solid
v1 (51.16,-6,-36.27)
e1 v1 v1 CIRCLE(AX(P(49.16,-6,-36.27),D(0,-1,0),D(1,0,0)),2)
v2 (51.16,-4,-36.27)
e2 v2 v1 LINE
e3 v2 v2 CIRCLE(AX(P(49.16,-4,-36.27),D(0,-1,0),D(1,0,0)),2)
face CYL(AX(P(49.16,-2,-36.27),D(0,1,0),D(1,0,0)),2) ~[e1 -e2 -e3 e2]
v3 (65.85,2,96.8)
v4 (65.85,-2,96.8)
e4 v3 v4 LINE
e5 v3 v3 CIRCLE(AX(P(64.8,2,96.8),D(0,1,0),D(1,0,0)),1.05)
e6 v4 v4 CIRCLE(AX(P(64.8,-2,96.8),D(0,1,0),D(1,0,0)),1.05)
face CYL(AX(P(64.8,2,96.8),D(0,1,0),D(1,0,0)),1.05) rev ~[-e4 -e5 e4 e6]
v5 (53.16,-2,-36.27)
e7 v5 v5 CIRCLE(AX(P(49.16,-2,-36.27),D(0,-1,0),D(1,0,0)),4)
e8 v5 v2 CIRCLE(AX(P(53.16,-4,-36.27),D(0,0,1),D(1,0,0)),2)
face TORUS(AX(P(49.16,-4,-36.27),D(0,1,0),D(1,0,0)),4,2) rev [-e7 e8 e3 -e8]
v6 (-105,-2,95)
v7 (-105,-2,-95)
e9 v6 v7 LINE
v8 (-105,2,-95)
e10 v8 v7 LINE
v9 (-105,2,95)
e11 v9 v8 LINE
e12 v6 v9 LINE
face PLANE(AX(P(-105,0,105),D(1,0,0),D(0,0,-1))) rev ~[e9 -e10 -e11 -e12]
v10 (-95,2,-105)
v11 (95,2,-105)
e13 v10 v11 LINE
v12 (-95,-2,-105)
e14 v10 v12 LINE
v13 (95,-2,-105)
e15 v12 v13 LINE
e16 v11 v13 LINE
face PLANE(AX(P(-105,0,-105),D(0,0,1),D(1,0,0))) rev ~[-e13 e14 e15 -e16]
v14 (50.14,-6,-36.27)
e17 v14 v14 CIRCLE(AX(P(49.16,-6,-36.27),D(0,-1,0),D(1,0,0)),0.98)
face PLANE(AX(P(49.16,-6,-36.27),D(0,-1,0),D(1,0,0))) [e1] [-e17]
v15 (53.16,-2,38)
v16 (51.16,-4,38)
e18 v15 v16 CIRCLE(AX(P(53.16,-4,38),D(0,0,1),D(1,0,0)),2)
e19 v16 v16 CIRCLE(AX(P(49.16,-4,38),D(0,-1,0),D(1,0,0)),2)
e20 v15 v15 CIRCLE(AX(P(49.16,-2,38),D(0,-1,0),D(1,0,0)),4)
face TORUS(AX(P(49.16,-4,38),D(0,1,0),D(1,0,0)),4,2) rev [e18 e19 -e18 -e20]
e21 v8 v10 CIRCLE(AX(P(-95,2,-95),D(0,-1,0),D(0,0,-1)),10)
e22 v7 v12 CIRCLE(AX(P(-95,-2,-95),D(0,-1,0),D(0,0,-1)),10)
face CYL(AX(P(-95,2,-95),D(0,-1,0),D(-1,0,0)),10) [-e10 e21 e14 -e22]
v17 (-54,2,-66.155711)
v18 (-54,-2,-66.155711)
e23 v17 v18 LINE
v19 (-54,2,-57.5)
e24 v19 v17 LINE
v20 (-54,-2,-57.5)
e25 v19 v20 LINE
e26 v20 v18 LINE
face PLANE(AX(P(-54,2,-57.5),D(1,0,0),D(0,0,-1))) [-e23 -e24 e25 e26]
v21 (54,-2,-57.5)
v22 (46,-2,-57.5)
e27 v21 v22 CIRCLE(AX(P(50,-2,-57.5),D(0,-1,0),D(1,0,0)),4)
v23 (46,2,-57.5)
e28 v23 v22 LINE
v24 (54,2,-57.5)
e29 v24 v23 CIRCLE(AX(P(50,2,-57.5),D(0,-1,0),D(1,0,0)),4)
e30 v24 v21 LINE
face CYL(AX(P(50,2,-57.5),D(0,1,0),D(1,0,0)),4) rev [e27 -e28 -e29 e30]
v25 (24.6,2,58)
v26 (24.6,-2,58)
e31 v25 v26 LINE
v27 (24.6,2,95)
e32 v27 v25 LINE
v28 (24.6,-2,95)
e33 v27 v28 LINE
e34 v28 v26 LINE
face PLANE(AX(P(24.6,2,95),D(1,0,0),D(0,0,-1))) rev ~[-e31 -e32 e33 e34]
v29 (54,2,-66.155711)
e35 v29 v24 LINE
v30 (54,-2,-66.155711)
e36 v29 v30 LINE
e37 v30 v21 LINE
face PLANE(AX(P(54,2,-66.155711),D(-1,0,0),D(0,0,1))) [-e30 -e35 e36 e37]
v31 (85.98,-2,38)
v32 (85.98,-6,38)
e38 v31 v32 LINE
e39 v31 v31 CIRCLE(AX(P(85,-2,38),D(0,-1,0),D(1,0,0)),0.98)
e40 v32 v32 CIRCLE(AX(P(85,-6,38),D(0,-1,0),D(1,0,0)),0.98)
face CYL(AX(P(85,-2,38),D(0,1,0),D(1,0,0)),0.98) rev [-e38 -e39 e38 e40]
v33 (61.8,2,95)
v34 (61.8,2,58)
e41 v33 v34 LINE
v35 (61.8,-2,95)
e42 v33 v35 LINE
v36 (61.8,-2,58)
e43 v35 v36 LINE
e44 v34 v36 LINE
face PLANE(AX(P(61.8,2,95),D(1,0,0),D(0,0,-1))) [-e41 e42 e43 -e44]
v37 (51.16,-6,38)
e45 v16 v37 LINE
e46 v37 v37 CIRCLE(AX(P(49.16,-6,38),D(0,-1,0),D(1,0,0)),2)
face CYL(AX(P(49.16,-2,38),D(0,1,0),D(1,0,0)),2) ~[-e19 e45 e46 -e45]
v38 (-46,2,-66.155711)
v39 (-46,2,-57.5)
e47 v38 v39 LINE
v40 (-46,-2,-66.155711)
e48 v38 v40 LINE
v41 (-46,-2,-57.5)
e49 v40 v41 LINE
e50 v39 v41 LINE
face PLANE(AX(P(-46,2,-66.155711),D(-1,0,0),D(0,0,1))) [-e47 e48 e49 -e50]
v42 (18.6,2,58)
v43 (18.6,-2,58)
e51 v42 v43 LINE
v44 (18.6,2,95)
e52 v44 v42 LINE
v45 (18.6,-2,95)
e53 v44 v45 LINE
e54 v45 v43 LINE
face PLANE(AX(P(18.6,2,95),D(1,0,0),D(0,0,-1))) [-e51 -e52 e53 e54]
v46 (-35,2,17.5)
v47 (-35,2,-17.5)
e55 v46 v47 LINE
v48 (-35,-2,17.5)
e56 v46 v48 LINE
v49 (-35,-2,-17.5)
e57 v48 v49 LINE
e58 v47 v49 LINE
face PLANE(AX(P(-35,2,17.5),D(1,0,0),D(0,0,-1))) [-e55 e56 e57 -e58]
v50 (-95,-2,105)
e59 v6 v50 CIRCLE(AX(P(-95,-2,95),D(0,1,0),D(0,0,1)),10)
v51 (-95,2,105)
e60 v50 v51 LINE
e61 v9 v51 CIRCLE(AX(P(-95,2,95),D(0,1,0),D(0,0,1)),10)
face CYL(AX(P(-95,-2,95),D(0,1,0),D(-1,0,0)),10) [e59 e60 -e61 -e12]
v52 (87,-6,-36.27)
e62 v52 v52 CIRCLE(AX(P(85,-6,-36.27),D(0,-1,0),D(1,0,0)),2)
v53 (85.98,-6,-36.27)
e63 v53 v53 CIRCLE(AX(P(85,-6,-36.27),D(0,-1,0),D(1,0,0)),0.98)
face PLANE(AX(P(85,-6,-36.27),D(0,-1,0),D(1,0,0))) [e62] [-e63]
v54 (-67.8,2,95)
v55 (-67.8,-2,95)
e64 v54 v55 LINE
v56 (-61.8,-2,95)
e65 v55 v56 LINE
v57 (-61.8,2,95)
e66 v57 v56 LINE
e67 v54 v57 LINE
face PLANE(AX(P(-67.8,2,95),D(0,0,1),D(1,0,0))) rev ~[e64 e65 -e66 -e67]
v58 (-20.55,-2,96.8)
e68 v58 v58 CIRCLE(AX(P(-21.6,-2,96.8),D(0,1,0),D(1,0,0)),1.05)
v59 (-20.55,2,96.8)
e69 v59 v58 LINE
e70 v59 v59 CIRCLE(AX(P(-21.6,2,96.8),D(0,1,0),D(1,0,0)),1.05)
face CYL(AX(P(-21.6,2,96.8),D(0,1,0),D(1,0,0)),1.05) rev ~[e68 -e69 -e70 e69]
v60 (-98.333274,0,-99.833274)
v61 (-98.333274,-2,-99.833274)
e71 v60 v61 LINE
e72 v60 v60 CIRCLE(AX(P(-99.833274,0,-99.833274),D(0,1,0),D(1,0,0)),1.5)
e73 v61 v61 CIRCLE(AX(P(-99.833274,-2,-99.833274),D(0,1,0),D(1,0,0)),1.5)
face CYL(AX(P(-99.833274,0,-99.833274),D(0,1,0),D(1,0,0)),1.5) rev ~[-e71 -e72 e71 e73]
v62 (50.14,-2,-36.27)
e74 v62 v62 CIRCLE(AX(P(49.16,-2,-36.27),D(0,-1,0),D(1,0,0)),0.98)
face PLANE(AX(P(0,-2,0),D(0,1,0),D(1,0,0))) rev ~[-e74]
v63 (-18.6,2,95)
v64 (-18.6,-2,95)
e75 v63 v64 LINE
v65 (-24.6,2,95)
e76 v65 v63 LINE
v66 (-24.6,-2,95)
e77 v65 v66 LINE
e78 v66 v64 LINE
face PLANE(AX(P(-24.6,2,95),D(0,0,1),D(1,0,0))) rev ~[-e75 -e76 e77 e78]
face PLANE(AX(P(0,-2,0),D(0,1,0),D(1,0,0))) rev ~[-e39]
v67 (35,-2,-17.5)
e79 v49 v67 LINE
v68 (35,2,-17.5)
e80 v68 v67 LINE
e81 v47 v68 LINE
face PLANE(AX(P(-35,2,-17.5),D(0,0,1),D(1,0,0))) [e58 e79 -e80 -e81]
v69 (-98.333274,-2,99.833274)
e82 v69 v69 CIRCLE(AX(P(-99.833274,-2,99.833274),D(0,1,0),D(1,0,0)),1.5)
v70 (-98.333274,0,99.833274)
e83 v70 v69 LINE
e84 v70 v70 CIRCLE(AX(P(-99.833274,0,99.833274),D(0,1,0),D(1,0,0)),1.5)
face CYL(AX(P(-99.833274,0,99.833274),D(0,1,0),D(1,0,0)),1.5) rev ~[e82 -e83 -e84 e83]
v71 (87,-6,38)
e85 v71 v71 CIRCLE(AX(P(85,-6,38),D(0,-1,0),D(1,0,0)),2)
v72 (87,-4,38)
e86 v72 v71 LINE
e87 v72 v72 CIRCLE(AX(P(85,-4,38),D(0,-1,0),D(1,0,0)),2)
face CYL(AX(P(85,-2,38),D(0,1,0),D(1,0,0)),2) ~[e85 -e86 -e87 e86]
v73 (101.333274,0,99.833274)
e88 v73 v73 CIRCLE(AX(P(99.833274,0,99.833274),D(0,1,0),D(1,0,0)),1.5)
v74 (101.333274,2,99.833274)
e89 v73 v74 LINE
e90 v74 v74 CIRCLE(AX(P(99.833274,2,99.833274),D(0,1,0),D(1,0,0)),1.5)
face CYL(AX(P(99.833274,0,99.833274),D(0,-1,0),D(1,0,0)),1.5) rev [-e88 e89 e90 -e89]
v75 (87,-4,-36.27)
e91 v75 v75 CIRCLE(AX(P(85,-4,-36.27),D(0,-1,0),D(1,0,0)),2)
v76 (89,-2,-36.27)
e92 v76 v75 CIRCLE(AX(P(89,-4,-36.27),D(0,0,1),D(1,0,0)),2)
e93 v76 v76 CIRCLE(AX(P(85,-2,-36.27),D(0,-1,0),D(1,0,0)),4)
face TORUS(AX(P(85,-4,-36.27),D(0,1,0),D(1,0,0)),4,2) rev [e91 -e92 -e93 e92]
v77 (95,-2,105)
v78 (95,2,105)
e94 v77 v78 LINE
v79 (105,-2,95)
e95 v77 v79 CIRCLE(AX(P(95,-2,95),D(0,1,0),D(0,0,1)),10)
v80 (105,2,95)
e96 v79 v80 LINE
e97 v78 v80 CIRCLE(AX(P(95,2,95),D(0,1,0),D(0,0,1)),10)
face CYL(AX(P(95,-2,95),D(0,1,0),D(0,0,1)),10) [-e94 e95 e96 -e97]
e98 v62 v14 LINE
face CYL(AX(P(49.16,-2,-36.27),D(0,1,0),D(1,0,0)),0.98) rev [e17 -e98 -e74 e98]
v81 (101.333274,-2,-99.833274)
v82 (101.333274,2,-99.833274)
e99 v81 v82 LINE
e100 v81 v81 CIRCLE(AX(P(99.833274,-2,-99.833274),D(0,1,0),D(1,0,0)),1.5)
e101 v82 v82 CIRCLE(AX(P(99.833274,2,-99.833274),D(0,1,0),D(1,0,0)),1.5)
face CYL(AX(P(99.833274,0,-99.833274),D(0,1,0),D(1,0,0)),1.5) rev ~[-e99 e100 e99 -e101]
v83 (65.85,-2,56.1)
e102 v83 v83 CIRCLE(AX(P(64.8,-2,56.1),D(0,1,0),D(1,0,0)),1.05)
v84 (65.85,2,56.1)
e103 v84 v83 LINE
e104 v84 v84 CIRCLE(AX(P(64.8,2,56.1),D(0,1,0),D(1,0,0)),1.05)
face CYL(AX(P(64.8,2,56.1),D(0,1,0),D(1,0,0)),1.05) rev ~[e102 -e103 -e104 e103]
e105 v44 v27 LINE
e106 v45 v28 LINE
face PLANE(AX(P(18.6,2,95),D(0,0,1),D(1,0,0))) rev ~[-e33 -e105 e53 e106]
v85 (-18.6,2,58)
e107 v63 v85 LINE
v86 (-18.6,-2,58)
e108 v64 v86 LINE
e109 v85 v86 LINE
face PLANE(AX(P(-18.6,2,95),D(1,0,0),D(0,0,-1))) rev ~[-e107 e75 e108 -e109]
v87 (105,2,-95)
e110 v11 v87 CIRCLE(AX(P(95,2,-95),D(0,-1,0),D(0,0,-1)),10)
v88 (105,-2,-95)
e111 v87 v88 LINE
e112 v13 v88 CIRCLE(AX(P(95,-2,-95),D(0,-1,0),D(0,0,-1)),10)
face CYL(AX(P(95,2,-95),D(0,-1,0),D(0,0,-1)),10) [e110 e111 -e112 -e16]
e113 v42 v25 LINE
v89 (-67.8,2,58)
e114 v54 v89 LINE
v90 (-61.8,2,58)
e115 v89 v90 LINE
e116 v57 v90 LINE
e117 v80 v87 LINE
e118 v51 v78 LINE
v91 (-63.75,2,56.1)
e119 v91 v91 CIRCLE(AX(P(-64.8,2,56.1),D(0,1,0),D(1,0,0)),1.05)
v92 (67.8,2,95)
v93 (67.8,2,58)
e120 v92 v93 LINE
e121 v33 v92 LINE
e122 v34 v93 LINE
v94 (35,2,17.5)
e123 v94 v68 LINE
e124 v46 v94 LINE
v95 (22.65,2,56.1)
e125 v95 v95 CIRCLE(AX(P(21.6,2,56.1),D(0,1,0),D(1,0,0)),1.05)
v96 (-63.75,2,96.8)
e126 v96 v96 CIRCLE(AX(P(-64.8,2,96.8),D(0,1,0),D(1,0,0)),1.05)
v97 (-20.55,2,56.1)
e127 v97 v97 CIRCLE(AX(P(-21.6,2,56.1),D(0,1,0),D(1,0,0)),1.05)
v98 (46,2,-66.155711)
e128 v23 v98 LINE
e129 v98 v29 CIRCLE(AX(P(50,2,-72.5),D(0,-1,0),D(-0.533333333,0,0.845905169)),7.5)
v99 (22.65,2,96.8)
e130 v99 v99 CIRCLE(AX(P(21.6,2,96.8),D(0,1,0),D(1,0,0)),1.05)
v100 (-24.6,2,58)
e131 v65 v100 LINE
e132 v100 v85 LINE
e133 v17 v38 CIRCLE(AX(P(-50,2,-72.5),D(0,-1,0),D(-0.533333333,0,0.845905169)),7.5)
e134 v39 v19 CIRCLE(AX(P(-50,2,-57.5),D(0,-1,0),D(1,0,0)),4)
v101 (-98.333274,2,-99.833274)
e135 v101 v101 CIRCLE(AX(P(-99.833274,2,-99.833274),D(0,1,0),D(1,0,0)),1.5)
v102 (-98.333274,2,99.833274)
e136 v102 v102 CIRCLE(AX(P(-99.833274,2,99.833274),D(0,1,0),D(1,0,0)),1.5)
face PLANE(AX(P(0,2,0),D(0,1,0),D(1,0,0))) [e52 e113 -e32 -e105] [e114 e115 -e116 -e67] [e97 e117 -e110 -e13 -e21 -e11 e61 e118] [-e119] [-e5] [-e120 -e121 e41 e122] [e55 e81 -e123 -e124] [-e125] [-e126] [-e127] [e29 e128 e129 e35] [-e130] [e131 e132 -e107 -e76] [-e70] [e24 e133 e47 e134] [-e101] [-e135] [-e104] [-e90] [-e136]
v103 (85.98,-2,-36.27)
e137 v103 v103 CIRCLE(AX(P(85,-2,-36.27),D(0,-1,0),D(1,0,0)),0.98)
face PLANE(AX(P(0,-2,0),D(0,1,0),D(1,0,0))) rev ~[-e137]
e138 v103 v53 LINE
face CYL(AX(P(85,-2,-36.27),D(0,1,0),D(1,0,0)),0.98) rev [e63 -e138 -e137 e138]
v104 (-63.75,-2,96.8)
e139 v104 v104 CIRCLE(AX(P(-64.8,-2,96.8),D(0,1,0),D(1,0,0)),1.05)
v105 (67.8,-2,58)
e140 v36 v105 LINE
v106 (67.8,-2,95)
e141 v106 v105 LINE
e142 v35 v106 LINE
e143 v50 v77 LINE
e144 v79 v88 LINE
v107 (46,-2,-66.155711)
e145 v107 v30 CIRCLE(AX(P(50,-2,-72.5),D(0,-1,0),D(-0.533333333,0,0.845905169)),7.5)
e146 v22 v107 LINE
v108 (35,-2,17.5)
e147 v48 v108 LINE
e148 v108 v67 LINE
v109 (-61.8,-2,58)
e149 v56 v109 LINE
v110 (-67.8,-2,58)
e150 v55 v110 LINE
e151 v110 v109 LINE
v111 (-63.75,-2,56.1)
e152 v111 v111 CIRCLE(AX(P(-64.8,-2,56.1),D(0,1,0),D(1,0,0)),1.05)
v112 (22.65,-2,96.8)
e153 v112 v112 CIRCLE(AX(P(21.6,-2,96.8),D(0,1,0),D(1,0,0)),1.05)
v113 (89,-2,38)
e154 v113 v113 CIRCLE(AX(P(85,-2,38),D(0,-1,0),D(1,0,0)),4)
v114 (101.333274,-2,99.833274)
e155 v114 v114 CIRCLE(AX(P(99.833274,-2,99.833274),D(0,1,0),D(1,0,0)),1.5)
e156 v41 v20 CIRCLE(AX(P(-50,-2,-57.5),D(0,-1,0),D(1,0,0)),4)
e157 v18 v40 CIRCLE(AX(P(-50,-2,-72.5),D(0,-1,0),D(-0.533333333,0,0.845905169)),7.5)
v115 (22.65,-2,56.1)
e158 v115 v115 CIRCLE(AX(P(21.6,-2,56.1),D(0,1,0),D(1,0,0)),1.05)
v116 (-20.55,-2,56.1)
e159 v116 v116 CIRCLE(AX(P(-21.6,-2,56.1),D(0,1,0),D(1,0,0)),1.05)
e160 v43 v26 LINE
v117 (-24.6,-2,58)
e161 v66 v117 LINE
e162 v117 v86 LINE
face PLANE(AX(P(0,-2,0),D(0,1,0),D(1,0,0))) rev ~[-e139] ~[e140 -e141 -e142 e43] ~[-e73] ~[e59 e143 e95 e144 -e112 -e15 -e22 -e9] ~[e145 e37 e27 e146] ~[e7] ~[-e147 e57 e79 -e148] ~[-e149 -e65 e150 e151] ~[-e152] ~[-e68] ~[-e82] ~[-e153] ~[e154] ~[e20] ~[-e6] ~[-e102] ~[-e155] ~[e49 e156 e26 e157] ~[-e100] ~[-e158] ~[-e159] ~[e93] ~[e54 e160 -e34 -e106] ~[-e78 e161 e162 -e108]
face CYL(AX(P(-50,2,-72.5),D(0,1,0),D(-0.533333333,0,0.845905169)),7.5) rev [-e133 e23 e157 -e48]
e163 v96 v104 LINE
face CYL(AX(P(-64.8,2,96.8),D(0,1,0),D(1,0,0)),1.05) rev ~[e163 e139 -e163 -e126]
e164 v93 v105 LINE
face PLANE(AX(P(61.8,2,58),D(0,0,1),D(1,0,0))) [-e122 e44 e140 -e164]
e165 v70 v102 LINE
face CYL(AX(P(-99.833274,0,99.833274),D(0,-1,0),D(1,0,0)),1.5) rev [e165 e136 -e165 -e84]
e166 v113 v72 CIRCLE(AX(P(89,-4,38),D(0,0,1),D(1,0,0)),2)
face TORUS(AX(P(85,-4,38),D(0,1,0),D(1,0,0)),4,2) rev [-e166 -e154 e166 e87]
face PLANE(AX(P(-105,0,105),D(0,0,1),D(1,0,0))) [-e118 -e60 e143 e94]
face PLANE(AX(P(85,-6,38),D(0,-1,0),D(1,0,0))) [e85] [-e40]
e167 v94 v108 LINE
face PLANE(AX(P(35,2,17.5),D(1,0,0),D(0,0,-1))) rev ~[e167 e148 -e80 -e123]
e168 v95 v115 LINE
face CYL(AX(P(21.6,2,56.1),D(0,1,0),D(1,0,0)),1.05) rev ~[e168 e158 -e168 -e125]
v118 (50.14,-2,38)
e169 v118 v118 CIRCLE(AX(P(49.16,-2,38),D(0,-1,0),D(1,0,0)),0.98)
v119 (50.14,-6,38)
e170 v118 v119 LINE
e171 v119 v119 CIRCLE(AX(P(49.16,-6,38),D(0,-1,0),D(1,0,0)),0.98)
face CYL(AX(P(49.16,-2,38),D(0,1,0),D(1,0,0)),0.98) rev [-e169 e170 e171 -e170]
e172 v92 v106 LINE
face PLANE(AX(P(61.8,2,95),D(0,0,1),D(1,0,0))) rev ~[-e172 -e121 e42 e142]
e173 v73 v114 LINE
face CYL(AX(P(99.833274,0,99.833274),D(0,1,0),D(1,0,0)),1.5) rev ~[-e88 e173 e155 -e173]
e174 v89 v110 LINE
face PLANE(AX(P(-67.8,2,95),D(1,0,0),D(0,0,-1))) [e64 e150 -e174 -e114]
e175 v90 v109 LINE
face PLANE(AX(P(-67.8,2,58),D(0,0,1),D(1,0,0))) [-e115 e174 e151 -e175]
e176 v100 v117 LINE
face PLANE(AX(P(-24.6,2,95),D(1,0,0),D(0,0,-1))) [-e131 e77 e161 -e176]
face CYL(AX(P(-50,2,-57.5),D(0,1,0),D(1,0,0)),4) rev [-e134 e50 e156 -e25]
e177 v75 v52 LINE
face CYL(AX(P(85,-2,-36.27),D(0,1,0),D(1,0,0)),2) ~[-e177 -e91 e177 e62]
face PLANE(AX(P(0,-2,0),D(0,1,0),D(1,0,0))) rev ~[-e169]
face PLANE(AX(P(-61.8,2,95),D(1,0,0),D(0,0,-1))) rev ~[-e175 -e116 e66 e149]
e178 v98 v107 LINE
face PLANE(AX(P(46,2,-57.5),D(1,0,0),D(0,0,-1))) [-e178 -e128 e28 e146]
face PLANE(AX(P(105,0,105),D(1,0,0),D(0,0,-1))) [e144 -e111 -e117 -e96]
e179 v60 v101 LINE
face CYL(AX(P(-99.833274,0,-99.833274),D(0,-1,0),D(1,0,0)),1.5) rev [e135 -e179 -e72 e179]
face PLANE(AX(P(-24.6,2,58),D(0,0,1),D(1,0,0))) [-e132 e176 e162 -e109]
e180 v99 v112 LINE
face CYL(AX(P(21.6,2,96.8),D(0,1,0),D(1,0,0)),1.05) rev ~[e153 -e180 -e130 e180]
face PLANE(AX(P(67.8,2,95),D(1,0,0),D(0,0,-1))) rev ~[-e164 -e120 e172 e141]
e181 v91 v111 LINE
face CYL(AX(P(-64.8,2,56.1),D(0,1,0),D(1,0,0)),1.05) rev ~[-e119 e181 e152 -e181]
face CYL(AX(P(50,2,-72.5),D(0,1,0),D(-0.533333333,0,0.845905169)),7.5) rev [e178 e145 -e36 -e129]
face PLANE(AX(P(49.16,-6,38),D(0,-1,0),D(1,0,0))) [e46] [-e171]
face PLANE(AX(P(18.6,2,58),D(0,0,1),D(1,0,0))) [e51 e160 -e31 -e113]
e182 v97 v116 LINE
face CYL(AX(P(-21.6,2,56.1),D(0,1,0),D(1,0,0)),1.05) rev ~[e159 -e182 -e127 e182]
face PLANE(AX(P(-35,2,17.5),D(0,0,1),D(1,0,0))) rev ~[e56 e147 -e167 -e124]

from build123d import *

# Parameters (mm, degrees)
SKETCH1_W              = 210
SKETCH1_H              = 210
MAINEXTRUDE_DEPTH      = 2
SKETCH1_6_R            = 1.5
SCREWHOLES_DEPTH       = 2
ROUNDEDCORNERS_R       = 10
SKETCH2_R              = 1.05
SKETCH2_W              = 6
SKETCH2_H              = 37
SKETCH2_W_2            = 70
SKETCH2_H_2            = 35
KNOTCHES_SLIDERS_DEPTH = 4
SKETCH6_R              = 2
SKETCH6_R_2            = 0.98
PCBHOLES_DEPTH         = 4
PCBROUNDS_R            = 2


with BuildPart() as part:
    # Sketch1 → MainExtrude (new body, symmetric)
    with BuildSketch(Plane(origin=(0, 0, 0), x_dir=(1, 0, 0), z_dir=(0, 1, 0))):
        Rectangle(SKETCH1_W, SKETCH1_H)
    extrude(amount=MAINEXTRUDE_DEPTH, both=True)

    # Sketch1<6> → ScrewHoles (cut, symmetric)
    with BuildSketch(Plane(origin=(0, 0, 0), x_dir=(1, 0, 0), z_dir=(0, 1, 0))):
        with Locations((-99.833273811, 99.833273811)):
            Circle(SKETCH1_6_R)
        with Locations((-99.833273811, -99.833273811)):
            Circle(SKETCH1_6_R)
        with Locations((99.833273811, -99.833273811)):
            Circle(SKETCH1_6_R)
        with Locations((99.833273811, 99.833273811)):
            Circle(SKETCH1_6_R)
    extrude(amount=SCREWHOLES_DEPTH, both=True, mode=Mode.SUBTRACT)

    # RoundedCorners
    roundedcorners_edges = [part.edges().sort_by_distance(p)[0] for p in [
        (-105, 0, -105),
        (-105, 0, 105),
        (105, 0, 105),
        (105, 0, -105),
    ]]
    fillet(roundedcorners_edges, radius=ROUNDEDCORNERS_R)

    # Sketch2 → Knotches/Sliders (cut)
    with BuildSketch(Plane(origin=(0, 2, 0), x_dir=(1, 0, 0), z_dir=(0, 1, 0))):
        with Locations((-64.8, -96.8)):
            Circle(SKETCH2_R)
        with Locations((-64.8, -56.1)):
            Circle(SKETCH2_R)
        with Locations((-21.6, -56.1)):
            Circle(SKETCH2_R)
        with Locations((-21.6, -96.8)):
            Circle(SKETCH2_R)
        with Locations((21.6, -56.1)):
            Circle(SKETCH2_R)
        with Locations((21.6, -96.8)):
            Circle(SKETCH2_R)
        with Locations((64.8, -56.1)):
            Circle(SKETCH2_R)
        with Locations((64.8, -96.8)):
            Circle(SKETCH2_R)
        with Locations((-64.8, -76.5)):
            Rectangle(SKETCH2_W, SKETCH2_H)
        with Locations((-21.6, -76.5)):
            Rectangle(SKETCH2_W, SKETCH2_H)
        with Locations((21.6, -76.5)):
            Rectangle(SKETCH2_W, SKETCH2_H)
        with Locations((64.8, -76.5)):
            Rectangle(SKETCH2_W, SKETCH2_H)
        with BuildLine():
            Line((-54, 57.5), (-54, 66.15571123))
            ThreePointArc((-54, 66.15571123), (-50, 80), (-46, 66.15571123))
            Line((-46, 66.15571123), (-46, 57.5))
            ThreePointArc((-46, 57.5), (-50, 53.5), (-54, 57.5))
        make_face()
        with BuildLine():
            Line((46, 57.5), (46, 66.15571123))
            ThreePointArc((46, 66.15571123), (50, 80), (54, 66.15571123))
            Line((54, 66.15571123), (54, 57.5))
            ThreePointArc((54, 57.5), (50, 53.5), (46, 57.5))
        make_face()
        Rectangle(SKETCH2_W_2, SKETCH2_H_2)
    extrude(amount=-KNOTCHES_SLIDERS_DEPTH, mode=Mode.SUBTRACT)

    # Sketch6 → PCBHoles (add)
    with BuildSketch(Plane(origin=(71.684316031, -2, 14.480918484), x_dir=(1, 0, 0), z_dir=(0, -1, 0))):
        with Locations((-22.524316031, 23.519081516)):
            Circle(SKETCH6_R)
        with Locations((-22.524316031, 23.519081516)):
            Circle(SKETCH6_R_2, mode=Mode.SUBTRACT)
        with Locations((13.315683969, 23.519081516)):
            Circle(SKETCH6_R)
        with Locations((13.315683969, 23.519081516)):
            Circle(SKETCH6_R_2, mode=Mode.SUBTRACT)
        with Locations((-22.524316031, -50.750918484)):
            Circle(SKETCH6_R)
        with Locations((-22.524316031, -50.750918484)):
            Circle(SKETCH6_R_2, mode=Mode.SUBTRACT)
        with Locations((13.315683969, -50.750918484)):
            Circle(SKETCH6_R)
        with Locations((13.315683969, -50.750918484)):
            Circle(SKETCH6_R_2, mode=Mode.SUBTRACT)
    extrude(amount=PCBHOLES_DEPTH)

    # PCBRounds
    pcbrounds_edges = [part.edges().sort_by_distance(p)[0] for p in [
        (47.16, -2, 38),
        (83, -2, 38),
        (47.16, -2, -36.27),
        (83, -2, -36.27),
    ]]
    fillet(pcbrounds_edges, radius=PCBROUNDS_R)


solid = part.part
